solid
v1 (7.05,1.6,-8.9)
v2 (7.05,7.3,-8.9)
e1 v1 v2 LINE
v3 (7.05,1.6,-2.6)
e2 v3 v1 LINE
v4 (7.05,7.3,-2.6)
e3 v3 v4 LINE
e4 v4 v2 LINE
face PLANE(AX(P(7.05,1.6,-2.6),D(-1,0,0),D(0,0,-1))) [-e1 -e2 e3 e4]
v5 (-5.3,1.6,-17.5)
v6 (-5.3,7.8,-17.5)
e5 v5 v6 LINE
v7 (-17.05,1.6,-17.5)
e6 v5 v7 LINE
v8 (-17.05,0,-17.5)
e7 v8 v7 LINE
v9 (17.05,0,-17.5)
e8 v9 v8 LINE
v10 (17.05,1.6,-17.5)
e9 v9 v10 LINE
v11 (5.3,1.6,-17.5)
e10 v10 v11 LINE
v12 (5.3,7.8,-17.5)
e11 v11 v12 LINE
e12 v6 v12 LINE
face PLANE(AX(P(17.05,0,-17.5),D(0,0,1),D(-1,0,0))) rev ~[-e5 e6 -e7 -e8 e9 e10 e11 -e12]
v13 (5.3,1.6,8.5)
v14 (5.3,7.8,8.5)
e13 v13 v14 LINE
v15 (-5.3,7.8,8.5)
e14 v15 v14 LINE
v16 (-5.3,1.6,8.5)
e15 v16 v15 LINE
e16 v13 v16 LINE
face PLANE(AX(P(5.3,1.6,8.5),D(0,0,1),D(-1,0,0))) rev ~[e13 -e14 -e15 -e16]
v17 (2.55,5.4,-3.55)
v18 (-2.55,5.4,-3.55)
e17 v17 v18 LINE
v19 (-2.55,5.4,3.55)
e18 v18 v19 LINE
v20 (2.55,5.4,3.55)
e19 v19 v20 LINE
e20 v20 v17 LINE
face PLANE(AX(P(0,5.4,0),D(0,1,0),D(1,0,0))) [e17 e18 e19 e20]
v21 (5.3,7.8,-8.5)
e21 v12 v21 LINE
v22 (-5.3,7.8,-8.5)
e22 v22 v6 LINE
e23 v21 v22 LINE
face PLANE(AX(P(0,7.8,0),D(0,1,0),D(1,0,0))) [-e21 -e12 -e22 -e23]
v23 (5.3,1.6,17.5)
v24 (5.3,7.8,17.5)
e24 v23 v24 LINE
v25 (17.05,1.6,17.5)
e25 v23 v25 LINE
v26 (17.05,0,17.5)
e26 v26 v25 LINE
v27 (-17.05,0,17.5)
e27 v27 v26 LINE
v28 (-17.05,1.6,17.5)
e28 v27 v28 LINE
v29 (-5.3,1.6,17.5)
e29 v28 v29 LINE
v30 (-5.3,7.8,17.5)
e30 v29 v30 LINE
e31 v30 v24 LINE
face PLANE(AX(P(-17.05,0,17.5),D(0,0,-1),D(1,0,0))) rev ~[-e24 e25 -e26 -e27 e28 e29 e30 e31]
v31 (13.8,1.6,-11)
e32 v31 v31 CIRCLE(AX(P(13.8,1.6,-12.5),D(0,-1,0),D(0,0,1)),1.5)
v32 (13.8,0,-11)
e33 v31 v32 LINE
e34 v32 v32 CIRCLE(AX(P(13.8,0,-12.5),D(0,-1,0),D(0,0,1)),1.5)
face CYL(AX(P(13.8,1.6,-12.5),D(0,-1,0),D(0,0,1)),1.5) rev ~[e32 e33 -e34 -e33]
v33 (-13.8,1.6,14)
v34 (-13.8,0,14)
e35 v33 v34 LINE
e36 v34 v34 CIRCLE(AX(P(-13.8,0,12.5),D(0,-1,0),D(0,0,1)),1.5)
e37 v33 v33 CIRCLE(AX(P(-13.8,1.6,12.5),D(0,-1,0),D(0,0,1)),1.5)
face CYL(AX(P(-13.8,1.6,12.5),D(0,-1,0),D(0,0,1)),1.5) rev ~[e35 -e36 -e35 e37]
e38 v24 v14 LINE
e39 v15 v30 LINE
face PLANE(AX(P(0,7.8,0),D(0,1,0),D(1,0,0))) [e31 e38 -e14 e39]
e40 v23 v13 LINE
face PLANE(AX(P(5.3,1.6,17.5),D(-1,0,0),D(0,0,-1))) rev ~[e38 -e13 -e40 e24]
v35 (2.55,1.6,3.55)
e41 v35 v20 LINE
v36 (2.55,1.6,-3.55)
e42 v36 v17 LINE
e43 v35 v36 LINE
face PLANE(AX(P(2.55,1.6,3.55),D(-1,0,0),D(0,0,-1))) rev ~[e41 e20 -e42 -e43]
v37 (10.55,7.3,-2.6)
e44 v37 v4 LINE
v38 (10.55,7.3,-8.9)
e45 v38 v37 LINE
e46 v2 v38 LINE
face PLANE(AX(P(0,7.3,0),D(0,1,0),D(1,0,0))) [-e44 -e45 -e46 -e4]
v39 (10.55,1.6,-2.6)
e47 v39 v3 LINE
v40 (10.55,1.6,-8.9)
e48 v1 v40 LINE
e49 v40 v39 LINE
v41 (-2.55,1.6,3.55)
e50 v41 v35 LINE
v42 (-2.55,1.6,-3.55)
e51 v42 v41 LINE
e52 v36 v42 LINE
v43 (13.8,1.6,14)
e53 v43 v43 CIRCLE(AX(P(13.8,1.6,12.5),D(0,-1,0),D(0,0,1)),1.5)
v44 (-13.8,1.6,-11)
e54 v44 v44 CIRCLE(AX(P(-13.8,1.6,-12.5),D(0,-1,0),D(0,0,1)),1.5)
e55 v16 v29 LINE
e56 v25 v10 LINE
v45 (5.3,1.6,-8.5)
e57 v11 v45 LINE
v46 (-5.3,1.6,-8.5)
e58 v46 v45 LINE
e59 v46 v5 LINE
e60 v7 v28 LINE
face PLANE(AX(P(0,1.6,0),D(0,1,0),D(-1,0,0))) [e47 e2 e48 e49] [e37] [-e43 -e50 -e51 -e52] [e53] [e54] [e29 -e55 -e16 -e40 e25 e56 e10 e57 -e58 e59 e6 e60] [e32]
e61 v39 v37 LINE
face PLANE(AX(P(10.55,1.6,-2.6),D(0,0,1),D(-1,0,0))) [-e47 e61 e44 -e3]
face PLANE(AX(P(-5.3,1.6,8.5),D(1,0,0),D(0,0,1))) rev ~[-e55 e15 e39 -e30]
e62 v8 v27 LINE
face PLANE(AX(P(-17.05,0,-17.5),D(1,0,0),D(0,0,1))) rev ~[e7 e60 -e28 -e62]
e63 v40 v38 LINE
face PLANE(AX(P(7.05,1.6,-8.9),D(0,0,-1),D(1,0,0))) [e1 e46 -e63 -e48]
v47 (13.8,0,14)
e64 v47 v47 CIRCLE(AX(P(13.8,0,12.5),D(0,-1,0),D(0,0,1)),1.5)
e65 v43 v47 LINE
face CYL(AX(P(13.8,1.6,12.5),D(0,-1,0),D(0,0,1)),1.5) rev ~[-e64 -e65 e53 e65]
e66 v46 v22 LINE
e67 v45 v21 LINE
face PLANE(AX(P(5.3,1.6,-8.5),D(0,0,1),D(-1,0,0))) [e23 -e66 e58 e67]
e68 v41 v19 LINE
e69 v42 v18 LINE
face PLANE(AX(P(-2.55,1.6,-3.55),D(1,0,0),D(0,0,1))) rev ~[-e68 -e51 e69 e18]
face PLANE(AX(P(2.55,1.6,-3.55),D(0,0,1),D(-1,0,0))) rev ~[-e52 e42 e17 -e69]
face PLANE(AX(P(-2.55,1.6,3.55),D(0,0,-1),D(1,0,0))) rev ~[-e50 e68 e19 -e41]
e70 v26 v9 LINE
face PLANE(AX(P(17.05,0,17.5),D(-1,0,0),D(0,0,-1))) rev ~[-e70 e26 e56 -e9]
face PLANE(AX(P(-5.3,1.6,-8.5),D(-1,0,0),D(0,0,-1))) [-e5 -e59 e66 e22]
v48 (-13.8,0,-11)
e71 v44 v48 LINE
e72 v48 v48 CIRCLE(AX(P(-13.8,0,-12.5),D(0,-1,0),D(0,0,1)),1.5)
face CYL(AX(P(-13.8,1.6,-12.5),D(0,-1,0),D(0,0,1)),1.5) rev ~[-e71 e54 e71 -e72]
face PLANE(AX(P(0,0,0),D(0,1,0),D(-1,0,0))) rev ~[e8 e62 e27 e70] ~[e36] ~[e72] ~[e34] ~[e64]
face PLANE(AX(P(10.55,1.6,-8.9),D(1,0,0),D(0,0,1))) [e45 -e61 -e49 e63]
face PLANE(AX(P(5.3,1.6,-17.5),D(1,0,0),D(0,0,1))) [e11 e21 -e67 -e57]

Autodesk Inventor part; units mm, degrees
ref_plane "YZ Plane" through (0, 0, 0) normal (1, 0, 0) x (0, 1, 0)
ref_plane "XZ Plane" through (0, 0, 0) normal (0, 1, 0) x (-1, 0, 0)
ref_plane "XY Plane" through (0, 0, 0) normal (0, 0, 1) x (1, 0, 0)
sketch "Skizze1" plane through (0, 0, 0) normal (0, 1, 0) x (-1, 0, 0)
  line L0 (17.05, 17.5) -> (-17.05, 17.5)
  line L1 (-17.05, 17.5) -> (-17.05, -17.5)
  line L2 (-17.05, -17.5) -> (17.05, -17.5)
  line L3 (17.05, -17.5) -> (17.05, 17.5)
  point P0 (0, 0)
  dimension "d0" = 35
  dimension "d1" = 34.1
  dimension "d2" = 17.5
  dimension "d3" = 17.05
extrude "Extrusion1" add sketch "Skizze1" along normal blind 1.6
sketch "Skizze3" plane through (0, 1.6, 0) normal (0, 1, 0) x (1, 0, 0)
  line L0 (-17.05, 17.5) -> (-17.05, -17.5) projected
  line L1 (17.05, -17.5) -> (17.05, 17.5) projected
  line L2 (-21.1922, 0) -> (21.294, 0)
  point P0 (0, 0)
  point P1 (-13.8, -12.5)
  point P2 (13.8, 12.5)
  point P3 (13.8, -12.5)
  point P4 (-13.8, 12.5)
  dimension "d13" = 3.25
  dimension "d15" = 3.25
  dimension "d16" = 25
  dimension "d18" = 25
hole "Bohrung2" at (-13.8, 1.6, 12.5) at (13.8, 1.6, -12.5) at (13.8, 1.6, 12.5) at (-13.8, 1.6, -12.5) direction (0, -1, 0) diameter 3 end through all
sketch "Skizze4" plane through (0, 1.6, 0) normal (0, 1, 0) x (1, 0, 0)
  line L0 (17.05, 17.5) -> (-17.05, 17.5) projected
  line L1 (-5.3, 17.5) -> (5.3, 17.5)
  line L2 (5.3, 17.5) -> (5.3, 8.5)
  line L3 (5.3, 8.5) -> (-5.3, 8.5)
  line L4 (-5.3, 8.5) -> (-5.3, 17.5)
  line L5 (0, -9.1387) -> (0, 30.8608)
  line L6 (-26.2563, 0) -> (26.186, 0)
  line L7 (-17.05, -17.5) -> (17.05, -17.5) projected
  line L8 (-5.3, -17.5) -> (5.3, -17.5)
  line L9 (5.3, -17.5) -> (5.3, -8.5)
  line L10 (5.3, -8.5) -> (-5.3, -8.5)
  line L11 (-5.3, -8.5) -> (-5.3, -17.5)
  point P0 (0, 0)
  dimension "d26" = 9
  dimension "d27" = 10.6
extrude "Extrusion2" add sketch "Skizze4" along normal blind 6.2
sketch "Skizze5" plane through (0, 1.6, 0) normal (0, 1, 0) x (1, 0, 0)
  line L0 (10.55, 2.6) -> (7.05, 2.6)
  line L1 (7.05, 2.6) -> (7.05, 8.9)
  line L2 (7.05, 8.9) -> (10.55, 8.9)
  line L3 (10.55, 8.9) -> (10.55, 2.6)
  line L4 (17.05, -17.5) -> (17.05, 17.5) projected
  line L5 (17.05, 17.5) -> (5.3, 17.5) projected
  point P0 (0, 0)
  dimension "d32" = 6.3
  dimension "d33" = 3.5
  dimension "d34" = 6.5
  dimension "d35" = 8.6
extrude "Extrusion3" add sketch "Skizze5" along normal blind 5.7
sketch "Skizze6" plane through (0, 1.6, 0) normal (0, 1, 0) x (1, 0, 0)
  line L0 (-2.55, -3.55) -> (2.55, -3.55)
  line L1 (2.55, -3.55) -> (2.55, 3.55)
  line L2 (2.55, 3.55) -> (-2.55, 3.55)
  line L3 (-2.55, 3.55) -> (-2.55, -3.55)
  line L4 (-17.05, 17.5) -> (-17.05, -17.5) projected
  line L5 (5.3, 17.5) -> (-5.3, 17.5) projected
  point P0 (0, 0)
  dimension "d38" = 7.1
  dimension "d39" = 5.1
  dimension "d40" = 14.5
  dimension "d41" = 13.95
extrude "Extrusion4" add sketch "Skizze6" along normal blind 3.8
properties part number "Prozessorboard"
